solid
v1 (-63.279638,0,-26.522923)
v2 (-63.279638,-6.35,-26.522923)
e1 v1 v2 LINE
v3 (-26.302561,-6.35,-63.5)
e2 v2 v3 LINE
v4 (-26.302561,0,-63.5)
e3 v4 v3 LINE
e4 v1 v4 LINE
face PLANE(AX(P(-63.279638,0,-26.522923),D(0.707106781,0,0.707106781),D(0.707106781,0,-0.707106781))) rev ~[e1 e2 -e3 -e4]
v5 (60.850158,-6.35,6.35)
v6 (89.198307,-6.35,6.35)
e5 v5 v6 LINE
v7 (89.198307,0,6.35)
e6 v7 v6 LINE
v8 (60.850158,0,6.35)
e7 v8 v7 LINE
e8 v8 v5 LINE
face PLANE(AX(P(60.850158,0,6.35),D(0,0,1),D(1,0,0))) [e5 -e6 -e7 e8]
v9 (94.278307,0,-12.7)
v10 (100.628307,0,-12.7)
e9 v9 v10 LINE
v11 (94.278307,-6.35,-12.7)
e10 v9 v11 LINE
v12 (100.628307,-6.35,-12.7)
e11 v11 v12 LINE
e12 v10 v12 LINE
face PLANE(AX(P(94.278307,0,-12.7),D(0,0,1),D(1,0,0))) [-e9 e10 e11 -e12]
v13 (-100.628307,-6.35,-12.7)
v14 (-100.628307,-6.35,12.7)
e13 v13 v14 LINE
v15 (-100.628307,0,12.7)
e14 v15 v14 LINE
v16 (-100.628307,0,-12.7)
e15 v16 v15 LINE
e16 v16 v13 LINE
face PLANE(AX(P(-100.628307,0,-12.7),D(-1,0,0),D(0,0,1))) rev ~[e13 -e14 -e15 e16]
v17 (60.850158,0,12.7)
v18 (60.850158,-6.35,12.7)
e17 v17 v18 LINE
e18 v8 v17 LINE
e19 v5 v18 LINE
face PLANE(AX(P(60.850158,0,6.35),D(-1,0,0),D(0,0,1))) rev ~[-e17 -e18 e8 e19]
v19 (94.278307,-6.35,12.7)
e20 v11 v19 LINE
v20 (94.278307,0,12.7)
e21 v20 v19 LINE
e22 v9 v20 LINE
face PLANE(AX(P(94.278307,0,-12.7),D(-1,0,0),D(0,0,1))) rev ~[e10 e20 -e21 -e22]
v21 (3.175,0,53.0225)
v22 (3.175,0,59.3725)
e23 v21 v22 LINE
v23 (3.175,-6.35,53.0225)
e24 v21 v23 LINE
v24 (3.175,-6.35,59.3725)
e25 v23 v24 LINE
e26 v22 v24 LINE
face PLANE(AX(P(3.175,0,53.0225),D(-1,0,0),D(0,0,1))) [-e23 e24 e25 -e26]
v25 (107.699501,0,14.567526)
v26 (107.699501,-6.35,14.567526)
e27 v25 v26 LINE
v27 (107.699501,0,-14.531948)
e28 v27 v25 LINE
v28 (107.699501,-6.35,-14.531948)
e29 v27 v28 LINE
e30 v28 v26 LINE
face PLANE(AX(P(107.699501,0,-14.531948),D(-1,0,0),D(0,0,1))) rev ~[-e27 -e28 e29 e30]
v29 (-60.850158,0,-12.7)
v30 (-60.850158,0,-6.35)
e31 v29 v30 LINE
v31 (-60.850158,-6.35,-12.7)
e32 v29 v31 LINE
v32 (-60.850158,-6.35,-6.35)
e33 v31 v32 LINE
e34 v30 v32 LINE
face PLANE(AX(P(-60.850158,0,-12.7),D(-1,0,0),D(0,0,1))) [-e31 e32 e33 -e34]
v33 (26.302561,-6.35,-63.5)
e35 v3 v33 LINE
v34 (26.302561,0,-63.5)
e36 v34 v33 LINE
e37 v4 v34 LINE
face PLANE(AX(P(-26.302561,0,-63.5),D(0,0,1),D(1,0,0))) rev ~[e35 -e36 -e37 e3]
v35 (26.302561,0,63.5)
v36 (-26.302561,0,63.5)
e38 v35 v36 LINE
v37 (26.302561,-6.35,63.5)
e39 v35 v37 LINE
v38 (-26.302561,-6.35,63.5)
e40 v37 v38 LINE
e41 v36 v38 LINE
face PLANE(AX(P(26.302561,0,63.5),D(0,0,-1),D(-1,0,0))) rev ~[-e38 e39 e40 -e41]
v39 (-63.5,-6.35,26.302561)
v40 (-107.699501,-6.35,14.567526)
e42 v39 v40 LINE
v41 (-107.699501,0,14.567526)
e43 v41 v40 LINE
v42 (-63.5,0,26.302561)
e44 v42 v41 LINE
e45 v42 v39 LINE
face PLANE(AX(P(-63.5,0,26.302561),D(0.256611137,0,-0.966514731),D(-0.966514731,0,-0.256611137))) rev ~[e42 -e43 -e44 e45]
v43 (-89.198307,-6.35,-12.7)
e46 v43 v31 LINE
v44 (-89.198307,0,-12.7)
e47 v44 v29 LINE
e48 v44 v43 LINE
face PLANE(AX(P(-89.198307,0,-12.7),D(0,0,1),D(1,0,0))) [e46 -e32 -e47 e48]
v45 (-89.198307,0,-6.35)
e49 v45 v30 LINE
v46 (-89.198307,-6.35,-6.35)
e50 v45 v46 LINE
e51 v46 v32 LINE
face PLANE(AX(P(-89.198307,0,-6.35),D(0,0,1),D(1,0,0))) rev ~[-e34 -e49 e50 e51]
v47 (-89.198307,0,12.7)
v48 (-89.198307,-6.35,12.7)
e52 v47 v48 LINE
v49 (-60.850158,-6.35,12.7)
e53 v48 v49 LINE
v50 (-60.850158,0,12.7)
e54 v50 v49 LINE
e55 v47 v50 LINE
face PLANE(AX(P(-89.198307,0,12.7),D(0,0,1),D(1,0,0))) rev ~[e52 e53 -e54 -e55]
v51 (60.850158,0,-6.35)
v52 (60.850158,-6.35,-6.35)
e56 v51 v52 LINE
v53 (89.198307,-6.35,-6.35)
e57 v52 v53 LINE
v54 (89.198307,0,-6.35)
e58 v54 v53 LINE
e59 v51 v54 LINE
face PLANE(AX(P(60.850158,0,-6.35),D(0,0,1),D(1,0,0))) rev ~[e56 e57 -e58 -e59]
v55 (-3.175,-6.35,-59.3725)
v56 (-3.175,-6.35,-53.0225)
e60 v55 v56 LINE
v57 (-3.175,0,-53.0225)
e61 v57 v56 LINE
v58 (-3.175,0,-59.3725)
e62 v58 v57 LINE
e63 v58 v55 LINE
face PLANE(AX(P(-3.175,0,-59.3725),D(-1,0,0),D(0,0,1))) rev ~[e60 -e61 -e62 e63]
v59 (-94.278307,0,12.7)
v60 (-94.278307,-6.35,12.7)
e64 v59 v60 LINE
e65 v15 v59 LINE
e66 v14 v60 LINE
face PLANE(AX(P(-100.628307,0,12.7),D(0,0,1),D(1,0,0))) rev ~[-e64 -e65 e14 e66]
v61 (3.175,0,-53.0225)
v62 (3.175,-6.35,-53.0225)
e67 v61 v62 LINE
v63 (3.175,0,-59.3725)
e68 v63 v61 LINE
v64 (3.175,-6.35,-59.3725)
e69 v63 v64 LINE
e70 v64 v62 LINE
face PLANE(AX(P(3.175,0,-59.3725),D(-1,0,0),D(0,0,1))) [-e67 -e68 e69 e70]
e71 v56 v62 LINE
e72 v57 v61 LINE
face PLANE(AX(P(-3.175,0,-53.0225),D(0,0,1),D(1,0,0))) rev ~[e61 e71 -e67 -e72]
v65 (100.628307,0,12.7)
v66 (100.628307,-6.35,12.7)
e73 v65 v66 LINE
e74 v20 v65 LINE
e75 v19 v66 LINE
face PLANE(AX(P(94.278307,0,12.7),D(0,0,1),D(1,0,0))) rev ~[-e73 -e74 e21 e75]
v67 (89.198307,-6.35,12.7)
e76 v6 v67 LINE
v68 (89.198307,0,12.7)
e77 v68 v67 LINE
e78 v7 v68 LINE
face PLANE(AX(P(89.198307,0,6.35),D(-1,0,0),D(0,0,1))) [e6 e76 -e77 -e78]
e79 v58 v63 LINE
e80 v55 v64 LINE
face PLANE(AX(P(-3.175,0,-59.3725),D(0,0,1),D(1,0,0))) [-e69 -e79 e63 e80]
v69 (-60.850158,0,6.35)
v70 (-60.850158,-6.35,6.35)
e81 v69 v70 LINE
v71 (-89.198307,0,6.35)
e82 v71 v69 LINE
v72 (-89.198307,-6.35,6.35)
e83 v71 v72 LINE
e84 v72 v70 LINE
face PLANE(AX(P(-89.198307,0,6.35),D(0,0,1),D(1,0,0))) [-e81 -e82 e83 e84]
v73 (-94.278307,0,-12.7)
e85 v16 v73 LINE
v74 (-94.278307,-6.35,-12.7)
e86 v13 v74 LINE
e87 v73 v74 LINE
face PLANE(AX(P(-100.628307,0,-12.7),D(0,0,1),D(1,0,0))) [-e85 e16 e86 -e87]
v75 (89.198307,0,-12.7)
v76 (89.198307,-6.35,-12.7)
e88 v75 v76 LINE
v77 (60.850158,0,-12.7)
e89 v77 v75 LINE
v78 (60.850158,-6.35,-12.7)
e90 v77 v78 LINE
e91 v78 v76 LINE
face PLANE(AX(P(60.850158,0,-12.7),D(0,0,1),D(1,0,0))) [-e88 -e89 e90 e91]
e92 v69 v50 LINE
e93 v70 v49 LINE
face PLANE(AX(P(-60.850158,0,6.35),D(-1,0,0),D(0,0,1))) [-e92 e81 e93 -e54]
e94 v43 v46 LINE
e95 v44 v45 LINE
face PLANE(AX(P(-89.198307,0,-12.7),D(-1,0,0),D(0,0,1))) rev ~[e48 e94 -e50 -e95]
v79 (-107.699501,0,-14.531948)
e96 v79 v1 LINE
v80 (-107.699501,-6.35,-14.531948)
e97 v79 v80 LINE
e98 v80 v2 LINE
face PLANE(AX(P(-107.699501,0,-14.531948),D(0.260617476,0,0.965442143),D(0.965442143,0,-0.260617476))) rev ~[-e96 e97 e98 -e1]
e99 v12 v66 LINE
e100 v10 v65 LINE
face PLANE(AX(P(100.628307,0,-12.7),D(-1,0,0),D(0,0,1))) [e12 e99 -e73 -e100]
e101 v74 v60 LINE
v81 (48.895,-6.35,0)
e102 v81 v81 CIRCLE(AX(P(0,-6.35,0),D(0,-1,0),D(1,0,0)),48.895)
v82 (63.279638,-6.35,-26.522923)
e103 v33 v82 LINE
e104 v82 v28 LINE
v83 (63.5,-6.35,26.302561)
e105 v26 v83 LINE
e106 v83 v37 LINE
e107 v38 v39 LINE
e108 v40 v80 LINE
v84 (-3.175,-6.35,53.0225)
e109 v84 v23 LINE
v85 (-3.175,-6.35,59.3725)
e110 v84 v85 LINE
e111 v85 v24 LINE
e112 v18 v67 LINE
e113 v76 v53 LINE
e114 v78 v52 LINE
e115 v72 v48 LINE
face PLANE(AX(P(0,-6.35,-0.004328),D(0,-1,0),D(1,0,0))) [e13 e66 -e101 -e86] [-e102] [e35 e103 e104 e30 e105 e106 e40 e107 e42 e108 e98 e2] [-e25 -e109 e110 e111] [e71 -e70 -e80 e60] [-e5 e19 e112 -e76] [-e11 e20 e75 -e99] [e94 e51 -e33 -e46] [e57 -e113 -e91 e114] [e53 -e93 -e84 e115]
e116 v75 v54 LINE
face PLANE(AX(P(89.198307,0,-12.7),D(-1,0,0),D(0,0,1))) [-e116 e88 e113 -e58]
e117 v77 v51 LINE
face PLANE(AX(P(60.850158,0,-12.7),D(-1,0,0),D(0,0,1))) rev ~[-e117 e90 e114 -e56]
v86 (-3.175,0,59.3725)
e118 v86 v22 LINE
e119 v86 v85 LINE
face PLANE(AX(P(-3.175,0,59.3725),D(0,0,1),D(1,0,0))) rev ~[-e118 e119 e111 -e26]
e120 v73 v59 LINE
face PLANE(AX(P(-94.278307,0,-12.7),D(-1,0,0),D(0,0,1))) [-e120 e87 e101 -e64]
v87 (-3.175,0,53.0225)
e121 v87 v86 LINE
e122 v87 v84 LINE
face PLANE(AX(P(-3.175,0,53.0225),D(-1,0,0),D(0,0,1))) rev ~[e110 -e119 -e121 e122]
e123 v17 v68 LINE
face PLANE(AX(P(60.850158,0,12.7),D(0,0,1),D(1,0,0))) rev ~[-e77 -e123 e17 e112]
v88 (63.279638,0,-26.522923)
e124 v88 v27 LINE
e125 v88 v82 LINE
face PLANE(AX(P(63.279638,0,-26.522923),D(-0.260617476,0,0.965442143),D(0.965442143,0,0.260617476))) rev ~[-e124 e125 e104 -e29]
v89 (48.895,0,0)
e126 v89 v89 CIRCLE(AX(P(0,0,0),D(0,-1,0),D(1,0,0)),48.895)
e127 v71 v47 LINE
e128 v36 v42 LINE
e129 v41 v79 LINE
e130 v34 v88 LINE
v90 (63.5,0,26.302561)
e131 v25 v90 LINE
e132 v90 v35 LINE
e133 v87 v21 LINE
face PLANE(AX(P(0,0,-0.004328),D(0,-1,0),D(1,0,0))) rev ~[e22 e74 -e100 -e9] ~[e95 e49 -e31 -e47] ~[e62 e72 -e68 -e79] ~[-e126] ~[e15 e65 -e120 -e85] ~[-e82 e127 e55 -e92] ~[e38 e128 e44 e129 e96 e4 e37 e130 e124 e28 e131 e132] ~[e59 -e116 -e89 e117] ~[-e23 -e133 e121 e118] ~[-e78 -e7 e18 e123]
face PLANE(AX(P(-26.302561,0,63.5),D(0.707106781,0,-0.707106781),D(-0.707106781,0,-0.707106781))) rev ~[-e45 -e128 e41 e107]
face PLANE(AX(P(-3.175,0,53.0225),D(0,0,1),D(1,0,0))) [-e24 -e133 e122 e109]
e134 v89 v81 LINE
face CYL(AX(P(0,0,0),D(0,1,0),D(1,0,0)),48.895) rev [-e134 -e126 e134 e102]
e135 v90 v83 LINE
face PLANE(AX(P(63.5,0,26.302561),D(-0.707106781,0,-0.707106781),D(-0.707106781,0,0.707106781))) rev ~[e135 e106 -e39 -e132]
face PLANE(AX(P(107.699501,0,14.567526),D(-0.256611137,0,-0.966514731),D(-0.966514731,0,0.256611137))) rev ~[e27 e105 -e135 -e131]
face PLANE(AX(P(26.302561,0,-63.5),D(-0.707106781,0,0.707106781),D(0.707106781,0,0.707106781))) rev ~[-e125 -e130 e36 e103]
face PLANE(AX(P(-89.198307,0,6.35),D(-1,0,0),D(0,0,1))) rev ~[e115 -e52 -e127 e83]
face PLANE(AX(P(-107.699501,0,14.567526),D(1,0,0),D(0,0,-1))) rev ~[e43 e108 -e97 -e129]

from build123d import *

# Parameters (mm, degrees)
F0_W     = 28.348149
F0_H     = 6.35
F0_W_2   = 6.35
F0_H_2   = 25.4
F0_R     = 48.895
F1_DEPTH = 6.35


with BuildPart() as f1:
    # F0 (on Front) → F1 (new body)
    with BuildSketch(Plane.XZ):
        Polygon((26.302561, 63.5), (-26.302561, 63.5), (-63.5, 26.302561), (-107.699501, 14.567526), (-107.699501, -14.531948), (-63.279638, -26.522923), (-26.302561, -63.5), (26.302561, -63.5), (63.279638, -26.522923), (107.699501, -14.531948), (107.699501, 14.567526), (63.5, 26.302561), align=None)
        with Locations((-75.024232, -9.525)):
            Rectangle(F0_W, F0_H, mode=Mode.SUBTRACT)
        with Locations((0, -56.1975)):
            Rectangle(F0_W_2, F0_H, mode=Mode.SUBTRACT)
        with Locations((75.024232, -9.525)):
            Rectangle(F0_W, F0_H, mode=Mode.SUBTRACT)
        with Locations((-97.453307, 0)):
            Rectangle(F0_W_2, F0_H_2, mode=Mode.SUBTRACT)
        with Locations((-75.024232, 9.525)):
            Rectangle(F0_W, F0_H, mode=Mode.SUBTRACT)
        Circle(F0_R, mode=Mode.SUBTRACT)
        with Locations((75.024232, 9.525)):
            Rectangle(F0_W, F0_H, mode=Mode.SUBTRACT)
        with Locations((97.453307, 0)):
            Rectangle(F0_W_2, F0_H_2, mode=Mode.SUBTRACT)
        with Locations((0, 56.1975)):
            Rectangle(F0_W_2, F0_H, mode=Mode.SUBTRACT)
    extrude(amount=F1_DEPTH)


solid = f1.part
